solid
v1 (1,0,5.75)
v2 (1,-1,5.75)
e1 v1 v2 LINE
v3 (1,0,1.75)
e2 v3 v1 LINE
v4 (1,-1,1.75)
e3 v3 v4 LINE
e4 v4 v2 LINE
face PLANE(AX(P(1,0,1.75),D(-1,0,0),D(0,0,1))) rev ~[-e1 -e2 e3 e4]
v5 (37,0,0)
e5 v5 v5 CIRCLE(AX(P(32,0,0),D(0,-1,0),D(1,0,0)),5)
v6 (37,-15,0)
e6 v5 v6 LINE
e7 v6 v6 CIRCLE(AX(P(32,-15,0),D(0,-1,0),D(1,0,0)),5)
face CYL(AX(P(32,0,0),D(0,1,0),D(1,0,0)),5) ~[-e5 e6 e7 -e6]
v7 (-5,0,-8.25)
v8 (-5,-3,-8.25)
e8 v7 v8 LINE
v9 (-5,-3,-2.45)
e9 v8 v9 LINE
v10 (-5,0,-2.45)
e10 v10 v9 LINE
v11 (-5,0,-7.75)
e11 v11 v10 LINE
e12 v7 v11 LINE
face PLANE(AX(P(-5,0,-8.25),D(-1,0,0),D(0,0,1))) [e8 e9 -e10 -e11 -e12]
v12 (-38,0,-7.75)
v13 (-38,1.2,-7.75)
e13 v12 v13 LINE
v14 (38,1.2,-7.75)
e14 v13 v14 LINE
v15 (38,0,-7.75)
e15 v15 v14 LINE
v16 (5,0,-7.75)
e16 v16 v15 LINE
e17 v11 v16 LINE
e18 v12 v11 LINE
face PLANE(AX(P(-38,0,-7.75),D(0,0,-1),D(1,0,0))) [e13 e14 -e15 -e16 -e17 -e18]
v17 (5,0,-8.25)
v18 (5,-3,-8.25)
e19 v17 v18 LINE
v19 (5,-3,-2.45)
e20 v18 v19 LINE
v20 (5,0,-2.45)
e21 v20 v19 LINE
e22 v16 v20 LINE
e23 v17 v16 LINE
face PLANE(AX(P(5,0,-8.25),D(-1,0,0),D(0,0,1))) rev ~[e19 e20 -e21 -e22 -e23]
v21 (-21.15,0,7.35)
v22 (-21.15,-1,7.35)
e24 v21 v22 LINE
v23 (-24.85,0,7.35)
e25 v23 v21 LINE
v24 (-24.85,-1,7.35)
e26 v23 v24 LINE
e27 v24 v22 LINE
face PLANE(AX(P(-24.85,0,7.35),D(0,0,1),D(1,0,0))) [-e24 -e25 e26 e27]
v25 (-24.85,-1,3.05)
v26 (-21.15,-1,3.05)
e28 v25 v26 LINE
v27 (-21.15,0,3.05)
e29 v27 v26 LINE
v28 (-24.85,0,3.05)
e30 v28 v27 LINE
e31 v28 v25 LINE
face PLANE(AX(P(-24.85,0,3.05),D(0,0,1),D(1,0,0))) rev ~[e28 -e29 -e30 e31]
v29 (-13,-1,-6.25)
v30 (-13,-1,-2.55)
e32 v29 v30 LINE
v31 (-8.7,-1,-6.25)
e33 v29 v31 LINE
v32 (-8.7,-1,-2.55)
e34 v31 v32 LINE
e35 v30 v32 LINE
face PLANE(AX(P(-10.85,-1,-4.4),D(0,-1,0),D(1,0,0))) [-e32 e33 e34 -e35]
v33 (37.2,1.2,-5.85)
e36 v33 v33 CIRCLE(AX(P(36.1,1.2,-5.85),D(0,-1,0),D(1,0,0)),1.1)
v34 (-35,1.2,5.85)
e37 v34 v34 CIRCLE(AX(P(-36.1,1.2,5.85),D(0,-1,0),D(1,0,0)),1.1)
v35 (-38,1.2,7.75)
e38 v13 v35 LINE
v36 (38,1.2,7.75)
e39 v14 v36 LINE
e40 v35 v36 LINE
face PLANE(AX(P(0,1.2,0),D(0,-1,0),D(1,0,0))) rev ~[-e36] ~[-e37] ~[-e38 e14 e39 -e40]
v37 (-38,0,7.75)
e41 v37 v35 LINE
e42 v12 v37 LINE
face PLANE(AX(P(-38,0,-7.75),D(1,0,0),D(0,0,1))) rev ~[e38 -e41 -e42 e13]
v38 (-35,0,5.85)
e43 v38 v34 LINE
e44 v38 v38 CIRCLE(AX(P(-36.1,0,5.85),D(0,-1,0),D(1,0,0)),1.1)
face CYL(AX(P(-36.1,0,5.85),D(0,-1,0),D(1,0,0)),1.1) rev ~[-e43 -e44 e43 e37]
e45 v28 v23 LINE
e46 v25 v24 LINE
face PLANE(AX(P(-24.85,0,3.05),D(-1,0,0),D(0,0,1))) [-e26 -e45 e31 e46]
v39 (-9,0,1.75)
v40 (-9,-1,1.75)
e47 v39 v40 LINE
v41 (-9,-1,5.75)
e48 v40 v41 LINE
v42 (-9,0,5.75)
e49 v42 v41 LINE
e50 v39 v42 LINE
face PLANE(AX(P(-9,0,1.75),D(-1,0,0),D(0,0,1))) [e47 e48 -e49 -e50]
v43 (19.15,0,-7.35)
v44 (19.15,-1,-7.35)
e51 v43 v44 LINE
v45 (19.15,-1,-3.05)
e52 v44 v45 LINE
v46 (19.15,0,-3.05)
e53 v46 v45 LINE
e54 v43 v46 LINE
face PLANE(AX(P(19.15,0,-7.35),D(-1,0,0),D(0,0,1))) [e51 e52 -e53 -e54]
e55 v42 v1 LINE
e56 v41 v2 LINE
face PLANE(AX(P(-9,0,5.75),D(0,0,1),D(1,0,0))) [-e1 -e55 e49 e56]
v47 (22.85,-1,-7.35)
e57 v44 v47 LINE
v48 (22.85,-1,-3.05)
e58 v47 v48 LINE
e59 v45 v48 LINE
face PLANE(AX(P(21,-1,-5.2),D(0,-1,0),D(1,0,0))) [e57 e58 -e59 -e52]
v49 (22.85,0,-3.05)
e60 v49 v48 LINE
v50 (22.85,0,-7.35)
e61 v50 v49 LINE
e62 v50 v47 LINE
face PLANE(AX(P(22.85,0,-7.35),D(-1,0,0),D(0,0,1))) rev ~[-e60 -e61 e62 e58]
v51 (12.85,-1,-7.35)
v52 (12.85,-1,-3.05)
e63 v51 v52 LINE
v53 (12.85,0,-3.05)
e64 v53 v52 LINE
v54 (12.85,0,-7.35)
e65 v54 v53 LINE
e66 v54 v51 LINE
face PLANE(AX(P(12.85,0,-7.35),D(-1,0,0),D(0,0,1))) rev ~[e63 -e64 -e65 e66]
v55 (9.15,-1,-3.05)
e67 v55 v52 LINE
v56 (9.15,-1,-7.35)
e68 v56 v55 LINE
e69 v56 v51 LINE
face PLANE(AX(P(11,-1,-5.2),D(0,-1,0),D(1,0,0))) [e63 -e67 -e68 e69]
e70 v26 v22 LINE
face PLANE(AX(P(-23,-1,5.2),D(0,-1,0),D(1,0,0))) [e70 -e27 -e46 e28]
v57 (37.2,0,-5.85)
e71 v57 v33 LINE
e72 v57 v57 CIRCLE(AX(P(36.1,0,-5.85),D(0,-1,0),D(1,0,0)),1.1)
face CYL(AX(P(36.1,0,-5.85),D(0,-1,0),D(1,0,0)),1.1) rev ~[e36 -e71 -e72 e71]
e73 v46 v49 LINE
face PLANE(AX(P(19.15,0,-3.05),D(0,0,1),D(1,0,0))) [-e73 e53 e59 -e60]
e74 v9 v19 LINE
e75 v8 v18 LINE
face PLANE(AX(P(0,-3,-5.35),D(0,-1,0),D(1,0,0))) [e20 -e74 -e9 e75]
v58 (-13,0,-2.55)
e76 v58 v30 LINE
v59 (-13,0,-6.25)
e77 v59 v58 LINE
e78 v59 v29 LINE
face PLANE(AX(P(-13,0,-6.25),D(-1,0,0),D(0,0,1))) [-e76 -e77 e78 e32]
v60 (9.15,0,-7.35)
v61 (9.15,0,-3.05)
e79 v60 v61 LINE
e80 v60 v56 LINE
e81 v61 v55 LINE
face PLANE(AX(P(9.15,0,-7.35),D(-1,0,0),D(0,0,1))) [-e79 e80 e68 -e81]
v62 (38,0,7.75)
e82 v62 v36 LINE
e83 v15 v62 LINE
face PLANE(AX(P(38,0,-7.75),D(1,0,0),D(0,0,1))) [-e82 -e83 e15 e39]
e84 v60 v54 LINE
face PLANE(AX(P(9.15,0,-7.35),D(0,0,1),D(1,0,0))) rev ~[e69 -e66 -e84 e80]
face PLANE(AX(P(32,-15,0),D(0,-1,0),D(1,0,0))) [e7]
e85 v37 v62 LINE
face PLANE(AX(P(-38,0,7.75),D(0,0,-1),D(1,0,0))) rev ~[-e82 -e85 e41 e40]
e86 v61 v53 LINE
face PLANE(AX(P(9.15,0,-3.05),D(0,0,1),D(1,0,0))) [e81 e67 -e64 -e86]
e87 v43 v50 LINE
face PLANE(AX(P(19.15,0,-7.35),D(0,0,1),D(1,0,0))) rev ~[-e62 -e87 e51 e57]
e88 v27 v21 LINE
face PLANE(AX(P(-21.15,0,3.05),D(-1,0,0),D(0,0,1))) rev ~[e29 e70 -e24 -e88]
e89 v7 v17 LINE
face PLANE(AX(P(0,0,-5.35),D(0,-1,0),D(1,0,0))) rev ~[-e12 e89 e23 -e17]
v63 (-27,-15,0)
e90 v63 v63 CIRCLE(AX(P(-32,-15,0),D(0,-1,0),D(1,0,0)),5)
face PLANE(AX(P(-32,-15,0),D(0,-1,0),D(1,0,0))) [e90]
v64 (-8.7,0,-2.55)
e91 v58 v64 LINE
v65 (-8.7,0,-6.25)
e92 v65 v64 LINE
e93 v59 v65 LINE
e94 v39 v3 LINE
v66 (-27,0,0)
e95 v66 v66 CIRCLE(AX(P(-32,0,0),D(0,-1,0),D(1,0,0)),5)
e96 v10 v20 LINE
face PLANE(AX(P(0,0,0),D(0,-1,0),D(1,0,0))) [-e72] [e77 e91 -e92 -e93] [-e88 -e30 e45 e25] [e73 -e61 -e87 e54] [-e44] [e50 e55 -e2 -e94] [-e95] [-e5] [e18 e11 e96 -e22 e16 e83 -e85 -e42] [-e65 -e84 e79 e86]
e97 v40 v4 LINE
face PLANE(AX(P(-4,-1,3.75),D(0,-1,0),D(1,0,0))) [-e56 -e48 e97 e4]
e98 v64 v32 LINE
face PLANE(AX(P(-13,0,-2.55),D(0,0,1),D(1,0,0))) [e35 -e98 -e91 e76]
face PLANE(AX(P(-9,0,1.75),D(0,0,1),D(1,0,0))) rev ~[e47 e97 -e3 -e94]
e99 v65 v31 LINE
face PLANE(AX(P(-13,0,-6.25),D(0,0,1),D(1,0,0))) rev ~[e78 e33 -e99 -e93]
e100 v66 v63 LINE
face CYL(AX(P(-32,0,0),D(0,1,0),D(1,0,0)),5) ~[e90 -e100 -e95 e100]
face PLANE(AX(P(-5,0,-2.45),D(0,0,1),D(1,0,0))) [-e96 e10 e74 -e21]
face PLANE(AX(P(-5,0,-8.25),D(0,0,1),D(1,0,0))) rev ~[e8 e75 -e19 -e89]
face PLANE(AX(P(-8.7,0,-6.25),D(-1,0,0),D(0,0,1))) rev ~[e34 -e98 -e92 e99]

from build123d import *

# Parameters (mm, degrees)
F0_W     = 76
F0_H     = 15.5
F0_R     = 1.1
F1_DEPTH = 1.2
F2_W     = 3.7
F2_H     = 4.3
F2_W_2   = 10
F2_H_2   = 4
F2_W_3   = 4.3
F2_H_3   = 3.7
F4_DEPTH = 1
F3_R     = 5
F5_DEPTH = 15
F6_W     = 10
F6_H     = 5.8
F7_DEPTH = 3


with BuildPart() as f1:
    # F0 (on Front) → F1 (new body)
    with BuildSketch(Plane.XZ):
        Rectangle(F0_W, F0_H)
        with Locations((36.1, -5.85)):
            Circle(F0_R, mode=Mode.SUBTRACT)
        with Locations((-36.1, 5.85)):
            Circle(F0_R, mode=Mode.SUBTRACT)
    extrude(amount=-F1_DEPTH)

    # F2 (on Front) → F4 (join)
    with BuildSketch(Plane.XZ):
        with Locations((11, -5.2)):
            Rectangle(F2_W, F2_H)
        with Locations((-23, 5.2)):
            Rectangle(F2_W, F2_H)
        with Locations((21, -5.2)):
            Rectangle(F2_W, F2_H)
        with Locations((-4, 3.75)):
            Rectangle(F2_W_2, F2_H_2)
        with Locations((-10.85, -4.4)):
            Rectangle(F2_W_3, F2_H_3)
    extrude(amount=F4_DEPTH)

    # F3 (on Front) → F5 (join)
    with BuildSketch(Plane.XZ):
        with Locations((32, 0)):
            Circle(F3_R)
        with Locations((-32, 0)):
            Circle(F3_R)
    extrude(amount=F5_DEPTH)

    # F6 (on Front) → F7 (join)
    with BuildSketch(Plane.XZ):
        with Locations((0, -5.35)):
            Rectangle(F6_W, F6_H)
    extrude(amount=F7_DEPTH)


solid = f1.part
